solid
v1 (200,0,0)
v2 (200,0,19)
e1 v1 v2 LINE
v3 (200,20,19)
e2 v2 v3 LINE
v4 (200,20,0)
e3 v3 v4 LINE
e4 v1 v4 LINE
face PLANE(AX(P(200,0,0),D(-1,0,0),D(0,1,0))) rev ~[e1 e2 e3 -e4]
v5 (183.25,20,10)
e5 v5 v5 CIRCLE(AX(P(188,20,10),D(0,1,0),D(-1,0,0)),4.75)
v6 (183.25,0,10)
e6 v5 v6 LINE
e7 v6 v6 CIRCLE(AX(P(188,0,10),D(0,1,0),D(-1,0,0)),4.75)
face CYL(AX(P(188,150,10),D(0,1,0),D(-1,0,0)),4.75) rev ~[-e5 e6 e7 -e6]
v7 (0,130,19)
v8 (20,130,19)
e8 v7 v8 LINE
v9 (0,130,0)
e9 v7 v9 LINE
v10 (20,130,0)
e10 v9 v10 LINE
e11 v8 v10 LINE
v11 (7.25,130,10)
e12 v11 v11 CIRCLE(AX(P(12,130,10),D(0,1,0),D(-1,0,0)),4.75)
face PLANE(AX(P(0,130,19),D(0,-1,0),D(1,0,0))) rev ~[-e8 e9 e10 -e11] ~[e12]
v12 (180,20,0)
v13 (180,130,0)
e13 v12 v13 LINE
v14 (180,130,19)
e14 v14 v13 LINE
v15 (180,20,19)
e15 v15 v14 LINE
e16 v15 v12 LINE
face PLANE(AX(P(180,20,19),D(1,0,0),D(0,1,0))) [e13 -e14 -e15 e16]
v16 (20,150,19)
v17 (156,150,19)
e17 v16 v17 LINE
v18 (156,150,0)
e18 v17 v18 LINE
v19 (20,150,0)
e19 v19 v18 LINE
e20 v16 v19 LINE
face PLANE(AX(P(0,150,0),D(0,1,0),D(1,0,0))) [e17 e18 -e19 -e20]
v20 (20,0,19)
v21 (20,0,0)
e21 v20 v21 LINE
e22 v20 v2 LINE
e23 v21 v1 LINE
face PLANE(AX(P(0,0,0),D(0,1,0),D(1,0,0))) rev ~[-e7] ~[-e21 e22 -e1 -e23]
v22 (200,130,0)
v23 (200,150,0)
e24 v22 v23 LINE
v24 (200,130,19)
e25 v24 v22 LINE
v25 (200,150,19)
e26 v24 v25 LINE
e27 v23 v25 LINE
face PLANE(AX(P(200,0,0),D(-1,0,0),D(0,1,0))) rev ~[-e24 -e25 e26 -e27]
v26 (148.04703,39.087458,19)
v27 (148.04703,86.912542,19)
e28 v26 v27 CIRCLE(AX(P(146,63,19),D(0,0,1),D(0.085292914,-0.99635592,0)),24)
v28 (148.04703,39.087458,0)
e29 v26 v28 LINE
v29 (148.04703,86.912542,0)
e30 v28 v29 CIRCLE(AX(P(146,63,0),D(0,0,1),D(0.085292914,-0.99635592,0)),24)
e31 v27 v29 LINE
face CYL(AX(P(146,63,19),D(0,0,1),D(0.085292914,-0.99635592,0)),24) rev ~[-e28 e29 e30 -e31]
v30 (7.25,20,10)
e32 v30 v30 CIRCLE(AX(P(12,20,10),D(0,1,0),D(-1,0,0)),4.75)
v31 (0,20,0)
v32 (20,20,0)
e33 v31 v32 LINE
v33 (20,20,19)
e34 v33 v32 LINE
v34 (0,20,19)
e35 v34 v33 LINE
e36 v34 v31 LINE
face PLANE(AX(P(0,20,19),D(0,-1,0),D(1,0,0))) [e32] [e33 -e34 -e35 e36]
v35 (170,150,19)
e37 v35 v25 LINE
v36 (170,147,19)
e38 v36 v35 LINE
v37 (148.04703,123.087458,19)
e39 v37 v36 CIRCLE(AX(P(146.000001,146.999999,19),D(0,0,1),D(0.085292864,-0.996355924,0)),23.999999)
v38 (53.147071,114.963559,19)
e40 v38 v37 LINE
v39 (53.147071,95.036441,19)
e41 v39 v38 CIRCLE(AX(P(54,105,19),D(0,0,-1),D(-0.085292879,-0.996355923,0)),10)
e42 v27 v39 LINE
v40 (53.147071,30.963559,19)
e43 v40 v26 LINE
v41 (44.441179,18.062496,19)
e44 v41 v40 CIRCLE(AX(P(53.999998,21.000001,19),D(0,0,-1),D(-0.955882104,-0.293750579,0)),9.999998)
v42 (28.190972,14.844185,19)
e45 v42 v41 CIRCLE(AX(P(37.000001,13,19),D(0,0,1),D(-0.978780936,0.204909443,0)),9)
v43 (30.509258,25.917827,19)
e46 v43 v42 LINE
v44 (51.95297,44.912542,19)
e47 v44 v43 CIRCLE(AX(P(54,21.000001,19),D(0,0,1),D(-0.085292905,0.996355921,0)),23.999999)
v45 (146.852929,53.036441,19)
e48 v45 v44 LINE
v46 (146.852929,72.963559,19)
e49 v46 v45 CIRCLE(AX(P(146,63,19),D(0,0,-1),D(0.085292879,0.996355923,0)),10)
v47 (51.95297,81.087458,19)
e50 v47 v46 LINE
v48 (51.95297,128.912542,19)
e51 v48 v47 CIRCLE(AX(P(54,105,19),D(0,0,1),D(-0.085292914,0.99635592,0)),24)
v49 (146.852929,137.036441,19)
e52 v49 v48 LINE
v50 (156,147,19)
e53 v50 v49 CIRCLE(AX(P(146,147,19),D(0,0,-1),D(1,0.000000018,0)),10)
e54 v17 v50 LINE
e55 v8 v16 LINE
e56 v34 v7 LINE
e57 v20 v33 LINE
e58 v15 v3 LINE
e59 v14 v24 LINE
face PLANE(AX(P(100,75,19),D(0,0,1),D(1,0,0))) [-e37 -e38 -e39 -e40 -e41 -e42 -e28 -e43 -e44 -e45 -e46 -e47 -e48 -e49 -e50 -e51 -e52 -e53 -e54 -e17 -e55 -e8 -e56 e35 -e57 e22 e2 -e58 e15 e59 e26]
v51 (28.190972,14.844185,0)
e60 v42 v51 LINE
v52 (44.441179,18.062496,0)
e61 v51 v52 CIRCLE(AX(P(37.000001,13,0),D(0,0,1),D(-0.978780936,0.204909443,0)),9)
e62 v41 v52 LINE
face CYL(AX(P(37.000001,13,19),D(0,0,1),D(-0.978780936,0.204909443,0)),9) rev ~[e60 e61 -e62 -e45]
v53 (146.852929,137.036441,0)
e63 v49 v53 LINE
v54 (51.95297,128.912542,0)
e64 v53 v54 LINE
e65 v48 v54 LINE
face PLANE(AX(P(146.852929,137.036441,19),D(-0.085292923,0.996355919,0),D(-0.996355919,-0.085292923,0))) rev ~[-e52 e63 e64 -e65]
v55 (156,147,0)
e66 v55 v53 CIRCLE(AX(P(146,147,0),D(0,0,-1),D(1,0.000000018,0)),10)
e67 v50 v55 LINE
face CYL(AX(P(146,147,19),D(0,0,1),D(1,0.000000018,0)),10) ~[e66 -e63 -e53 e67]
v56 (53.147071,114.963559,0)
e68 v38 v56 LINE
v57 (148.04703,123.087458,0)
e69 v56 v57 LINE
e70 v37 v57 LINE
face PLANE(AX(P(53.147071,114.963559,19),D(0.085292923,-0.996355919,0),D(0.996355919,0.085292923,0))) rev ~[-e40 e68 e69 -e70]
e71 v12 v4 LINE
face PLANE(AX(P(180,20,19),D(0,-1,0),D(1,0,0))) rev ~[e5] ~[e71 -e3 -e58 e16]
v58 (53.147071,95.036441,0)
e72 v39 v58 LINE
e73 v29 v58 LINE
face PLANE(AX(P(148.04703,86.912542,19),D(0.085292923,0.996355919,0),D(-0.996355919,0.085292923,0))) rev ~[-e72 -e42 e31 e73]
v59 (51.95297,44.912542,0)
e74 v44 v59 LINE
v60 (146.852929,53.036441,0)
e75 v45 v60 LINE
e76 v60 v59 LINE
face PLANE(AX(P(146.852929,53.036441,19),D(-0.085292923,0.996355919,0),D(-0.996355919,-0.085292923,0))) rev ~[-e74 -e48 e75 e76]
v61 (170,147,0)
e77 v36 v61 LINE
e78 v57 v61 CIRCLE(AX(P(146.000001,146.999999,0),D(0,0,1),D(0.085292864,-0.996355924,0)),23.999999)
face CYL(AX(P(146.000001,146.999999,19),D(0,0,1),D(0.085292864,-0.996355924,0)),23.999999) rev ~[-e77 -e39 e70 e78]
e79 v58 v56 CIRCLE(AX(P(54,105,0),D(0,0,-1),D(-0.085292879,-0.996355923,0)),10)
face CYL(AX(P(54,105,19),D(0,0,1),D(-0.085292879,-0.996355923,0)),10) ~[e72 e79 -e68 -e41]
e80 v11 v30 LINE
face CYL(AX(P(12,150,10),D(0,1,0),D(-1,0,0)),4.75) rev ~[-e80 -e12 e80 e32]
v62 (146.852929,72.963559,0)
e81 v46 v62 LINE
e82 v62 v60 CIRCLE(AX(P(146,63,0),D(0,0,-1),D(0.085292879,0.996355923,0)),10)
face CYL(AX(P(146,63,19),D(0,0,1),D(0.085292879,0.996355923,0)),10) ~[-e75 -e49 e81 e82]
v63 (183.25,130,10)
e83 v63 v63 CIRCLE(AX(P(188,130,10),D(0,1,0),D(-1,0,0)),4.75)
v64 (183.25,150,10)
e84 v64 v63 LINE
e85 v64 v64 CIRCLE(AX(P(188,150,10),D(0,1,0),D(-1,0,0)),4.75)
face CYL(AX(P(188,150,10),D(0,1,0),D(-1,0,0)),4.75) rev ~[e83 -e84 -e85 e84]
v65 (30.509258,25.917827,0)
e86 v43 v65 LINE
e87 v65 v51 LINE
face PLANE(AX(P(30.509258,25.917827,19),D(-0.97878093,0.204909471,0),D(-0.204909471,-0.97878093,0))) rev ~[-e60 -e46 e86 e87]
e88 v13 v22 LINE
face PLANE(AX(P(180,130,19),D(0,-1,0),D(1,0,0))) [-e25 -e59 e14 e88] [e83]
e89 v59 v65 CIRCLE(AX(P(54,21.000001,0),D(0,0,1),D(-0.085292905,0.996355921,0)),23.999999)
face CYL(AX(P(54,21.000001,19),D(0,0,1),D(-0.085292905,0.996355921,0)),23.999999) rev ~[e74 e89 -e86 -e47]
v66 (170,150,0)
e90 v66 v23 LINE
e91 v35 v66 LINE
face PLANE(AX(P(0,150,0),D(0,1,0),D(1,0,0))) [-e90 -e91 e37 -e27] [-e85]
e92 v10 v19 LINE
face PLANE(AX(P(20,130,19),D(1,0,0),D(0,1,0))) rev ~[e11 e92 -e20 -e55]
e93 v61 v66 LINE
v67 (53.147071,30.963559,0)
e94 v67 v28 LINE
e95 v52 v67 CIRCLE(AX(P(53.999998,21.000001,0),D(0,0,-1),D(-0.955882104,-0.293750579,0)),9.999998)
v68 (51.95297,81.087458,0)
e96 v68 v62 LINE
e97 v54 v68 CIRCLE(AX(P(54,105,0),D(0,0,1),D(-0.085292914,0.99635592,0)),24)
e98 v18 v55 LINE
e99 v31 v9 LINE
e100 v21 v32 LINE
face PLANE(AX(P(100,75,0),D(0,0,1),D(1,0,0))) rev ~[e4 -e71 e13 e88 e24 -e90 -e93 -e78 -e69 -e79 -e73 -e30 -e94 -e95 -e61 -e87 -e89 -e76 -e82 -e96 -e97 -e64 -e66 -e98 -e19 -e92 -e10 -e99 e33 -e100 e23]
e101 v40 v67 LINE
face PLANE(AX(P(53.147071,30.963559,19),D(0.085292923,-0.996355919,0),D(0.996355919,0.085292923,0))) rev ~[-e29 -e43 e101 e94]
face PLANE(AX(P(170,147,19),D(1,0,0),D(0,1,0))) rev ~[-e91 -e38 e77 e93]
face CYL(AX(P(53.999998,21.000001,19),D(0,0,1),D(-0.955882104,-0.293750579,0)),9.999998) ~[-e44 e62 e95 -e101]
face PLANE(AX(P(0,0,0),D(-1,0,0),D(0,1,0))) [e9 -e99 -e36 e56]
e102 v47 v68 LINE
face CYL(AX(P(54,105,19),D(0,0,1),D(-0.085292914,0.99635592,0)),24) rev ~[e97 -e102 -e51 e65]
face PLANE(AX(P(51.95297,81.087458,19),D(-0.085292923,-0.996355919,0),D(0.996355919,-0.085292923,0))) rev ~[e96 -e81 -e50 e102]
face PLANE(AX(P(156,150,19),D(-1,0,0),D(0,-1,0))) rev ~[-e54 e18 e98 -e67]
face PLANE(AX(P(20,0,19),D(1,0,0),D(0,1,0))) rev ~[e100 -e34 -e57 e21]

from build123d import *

# Parameters (mm, degrees)
F0_W     = 200
F0_H     = 150
F1_DEPTH = 19
F2_W     = 20
F2_H     = 20
F2_H_2   = 110
F3_DEPTH = 19
F4_R     = 4.75
F5_DEPTH = 150
F7_DEPTH = 19


with BuildPart() as f1:
    # F0 (on Top) → F1 (new body)
    with BuildSketch(Plane.XY):
        with Locations((100, 75)):
            Rectangle(F0_W, F0_H)
    extrude(amount=F1_DEPTH)

    # F2 (on face) → F3 (cut)
    with BuildSketch(Plane.XY.offset(19)):
        with Locations((10, 140)):
            Rectangle(F2_W, F2_H)
        with Locations((10, 10)):
            Rectangle(F2_W, F2_H)
        with Locations((190, 75)):
            Rectangle(F2_W, F2_H_2)
    extrude(amount=-F3_DEPTH, mode=Mode.SUBTRACT)

    # F4 (on face) → F5 (cut)
    with BuildSketch(Plane(origin=(0, 150, 0), x_dir=(-1, 0, 0), z_dir=(0, 1, 0))):
        with Locations((-12, 10)):
            Circle(F4_R)
        with Locations((-188, 10)):
            Circle(F4_R)
    extrude(amount=-F5_DEPTH, mode=Mode.SUBTRACT)

    # F6 (on face) → F7 (cut)
    with BuildSketch(Plane.XY.offset(19)):
        with BuildLine():
            Line((170, 147), (170, 150))
            Line((170, 150), (156, 150))
            Line((156, 150), (156, 147))
            ThreePointArc((156, 147), (153.366454, 140.237208), (146.852929, 137.036441))
            Line((146.852929, 137.036441), (51.95297, 128.912542))
            ThreePointArc((51.95297, 128.912542), (30, 105), (51.95297, 81.087458))
            Line((51.95297, 81.087458), (146.852929, 72.963559))
            ThreePointArc((146.852929, 72.963559), (156, 63), (146.852929, 53.036441))
            Line((146.852929, 53.036441), (51.95297, 44.912542))
            ThreePointArc((51.95297, 44.912542), (38.08635, 38.965404), (30.509258, 25.917827))
            Line((30.509258, 25.917827), (28.190972, 14.844185))
            ThreePointArc((28.190972, 14.844185), (38.748466, 4.171474), (44.441179, 18.062496))
            ThreePointArc((44.441179, 18.062496), (45.71082, 26.593702), (53.147071, 30.963559))
            Line((53.147071, 30.963559), (148.04703, 39.087458))
            ThreePointArc((148.04703, 39.087458), (170, 63), (148.04703, 86.912542))
            Line((148.04703, 86.912542), (53.147071, 95.036441))
            ThreePointArc((53.147071, 95.036441), (44, 105), (53.147071, 114.963559))
            Line((53.147071, 114.963559), (148.04703, 123.087458))
            ThreePointArc((148.04703, 123.087458), (163.67949, 130.769299), (170, 147))
        make_face()
    extrude(amount=-F7_DEPTH, mode=Mode.SUBTRACT)


solid = f1.part
